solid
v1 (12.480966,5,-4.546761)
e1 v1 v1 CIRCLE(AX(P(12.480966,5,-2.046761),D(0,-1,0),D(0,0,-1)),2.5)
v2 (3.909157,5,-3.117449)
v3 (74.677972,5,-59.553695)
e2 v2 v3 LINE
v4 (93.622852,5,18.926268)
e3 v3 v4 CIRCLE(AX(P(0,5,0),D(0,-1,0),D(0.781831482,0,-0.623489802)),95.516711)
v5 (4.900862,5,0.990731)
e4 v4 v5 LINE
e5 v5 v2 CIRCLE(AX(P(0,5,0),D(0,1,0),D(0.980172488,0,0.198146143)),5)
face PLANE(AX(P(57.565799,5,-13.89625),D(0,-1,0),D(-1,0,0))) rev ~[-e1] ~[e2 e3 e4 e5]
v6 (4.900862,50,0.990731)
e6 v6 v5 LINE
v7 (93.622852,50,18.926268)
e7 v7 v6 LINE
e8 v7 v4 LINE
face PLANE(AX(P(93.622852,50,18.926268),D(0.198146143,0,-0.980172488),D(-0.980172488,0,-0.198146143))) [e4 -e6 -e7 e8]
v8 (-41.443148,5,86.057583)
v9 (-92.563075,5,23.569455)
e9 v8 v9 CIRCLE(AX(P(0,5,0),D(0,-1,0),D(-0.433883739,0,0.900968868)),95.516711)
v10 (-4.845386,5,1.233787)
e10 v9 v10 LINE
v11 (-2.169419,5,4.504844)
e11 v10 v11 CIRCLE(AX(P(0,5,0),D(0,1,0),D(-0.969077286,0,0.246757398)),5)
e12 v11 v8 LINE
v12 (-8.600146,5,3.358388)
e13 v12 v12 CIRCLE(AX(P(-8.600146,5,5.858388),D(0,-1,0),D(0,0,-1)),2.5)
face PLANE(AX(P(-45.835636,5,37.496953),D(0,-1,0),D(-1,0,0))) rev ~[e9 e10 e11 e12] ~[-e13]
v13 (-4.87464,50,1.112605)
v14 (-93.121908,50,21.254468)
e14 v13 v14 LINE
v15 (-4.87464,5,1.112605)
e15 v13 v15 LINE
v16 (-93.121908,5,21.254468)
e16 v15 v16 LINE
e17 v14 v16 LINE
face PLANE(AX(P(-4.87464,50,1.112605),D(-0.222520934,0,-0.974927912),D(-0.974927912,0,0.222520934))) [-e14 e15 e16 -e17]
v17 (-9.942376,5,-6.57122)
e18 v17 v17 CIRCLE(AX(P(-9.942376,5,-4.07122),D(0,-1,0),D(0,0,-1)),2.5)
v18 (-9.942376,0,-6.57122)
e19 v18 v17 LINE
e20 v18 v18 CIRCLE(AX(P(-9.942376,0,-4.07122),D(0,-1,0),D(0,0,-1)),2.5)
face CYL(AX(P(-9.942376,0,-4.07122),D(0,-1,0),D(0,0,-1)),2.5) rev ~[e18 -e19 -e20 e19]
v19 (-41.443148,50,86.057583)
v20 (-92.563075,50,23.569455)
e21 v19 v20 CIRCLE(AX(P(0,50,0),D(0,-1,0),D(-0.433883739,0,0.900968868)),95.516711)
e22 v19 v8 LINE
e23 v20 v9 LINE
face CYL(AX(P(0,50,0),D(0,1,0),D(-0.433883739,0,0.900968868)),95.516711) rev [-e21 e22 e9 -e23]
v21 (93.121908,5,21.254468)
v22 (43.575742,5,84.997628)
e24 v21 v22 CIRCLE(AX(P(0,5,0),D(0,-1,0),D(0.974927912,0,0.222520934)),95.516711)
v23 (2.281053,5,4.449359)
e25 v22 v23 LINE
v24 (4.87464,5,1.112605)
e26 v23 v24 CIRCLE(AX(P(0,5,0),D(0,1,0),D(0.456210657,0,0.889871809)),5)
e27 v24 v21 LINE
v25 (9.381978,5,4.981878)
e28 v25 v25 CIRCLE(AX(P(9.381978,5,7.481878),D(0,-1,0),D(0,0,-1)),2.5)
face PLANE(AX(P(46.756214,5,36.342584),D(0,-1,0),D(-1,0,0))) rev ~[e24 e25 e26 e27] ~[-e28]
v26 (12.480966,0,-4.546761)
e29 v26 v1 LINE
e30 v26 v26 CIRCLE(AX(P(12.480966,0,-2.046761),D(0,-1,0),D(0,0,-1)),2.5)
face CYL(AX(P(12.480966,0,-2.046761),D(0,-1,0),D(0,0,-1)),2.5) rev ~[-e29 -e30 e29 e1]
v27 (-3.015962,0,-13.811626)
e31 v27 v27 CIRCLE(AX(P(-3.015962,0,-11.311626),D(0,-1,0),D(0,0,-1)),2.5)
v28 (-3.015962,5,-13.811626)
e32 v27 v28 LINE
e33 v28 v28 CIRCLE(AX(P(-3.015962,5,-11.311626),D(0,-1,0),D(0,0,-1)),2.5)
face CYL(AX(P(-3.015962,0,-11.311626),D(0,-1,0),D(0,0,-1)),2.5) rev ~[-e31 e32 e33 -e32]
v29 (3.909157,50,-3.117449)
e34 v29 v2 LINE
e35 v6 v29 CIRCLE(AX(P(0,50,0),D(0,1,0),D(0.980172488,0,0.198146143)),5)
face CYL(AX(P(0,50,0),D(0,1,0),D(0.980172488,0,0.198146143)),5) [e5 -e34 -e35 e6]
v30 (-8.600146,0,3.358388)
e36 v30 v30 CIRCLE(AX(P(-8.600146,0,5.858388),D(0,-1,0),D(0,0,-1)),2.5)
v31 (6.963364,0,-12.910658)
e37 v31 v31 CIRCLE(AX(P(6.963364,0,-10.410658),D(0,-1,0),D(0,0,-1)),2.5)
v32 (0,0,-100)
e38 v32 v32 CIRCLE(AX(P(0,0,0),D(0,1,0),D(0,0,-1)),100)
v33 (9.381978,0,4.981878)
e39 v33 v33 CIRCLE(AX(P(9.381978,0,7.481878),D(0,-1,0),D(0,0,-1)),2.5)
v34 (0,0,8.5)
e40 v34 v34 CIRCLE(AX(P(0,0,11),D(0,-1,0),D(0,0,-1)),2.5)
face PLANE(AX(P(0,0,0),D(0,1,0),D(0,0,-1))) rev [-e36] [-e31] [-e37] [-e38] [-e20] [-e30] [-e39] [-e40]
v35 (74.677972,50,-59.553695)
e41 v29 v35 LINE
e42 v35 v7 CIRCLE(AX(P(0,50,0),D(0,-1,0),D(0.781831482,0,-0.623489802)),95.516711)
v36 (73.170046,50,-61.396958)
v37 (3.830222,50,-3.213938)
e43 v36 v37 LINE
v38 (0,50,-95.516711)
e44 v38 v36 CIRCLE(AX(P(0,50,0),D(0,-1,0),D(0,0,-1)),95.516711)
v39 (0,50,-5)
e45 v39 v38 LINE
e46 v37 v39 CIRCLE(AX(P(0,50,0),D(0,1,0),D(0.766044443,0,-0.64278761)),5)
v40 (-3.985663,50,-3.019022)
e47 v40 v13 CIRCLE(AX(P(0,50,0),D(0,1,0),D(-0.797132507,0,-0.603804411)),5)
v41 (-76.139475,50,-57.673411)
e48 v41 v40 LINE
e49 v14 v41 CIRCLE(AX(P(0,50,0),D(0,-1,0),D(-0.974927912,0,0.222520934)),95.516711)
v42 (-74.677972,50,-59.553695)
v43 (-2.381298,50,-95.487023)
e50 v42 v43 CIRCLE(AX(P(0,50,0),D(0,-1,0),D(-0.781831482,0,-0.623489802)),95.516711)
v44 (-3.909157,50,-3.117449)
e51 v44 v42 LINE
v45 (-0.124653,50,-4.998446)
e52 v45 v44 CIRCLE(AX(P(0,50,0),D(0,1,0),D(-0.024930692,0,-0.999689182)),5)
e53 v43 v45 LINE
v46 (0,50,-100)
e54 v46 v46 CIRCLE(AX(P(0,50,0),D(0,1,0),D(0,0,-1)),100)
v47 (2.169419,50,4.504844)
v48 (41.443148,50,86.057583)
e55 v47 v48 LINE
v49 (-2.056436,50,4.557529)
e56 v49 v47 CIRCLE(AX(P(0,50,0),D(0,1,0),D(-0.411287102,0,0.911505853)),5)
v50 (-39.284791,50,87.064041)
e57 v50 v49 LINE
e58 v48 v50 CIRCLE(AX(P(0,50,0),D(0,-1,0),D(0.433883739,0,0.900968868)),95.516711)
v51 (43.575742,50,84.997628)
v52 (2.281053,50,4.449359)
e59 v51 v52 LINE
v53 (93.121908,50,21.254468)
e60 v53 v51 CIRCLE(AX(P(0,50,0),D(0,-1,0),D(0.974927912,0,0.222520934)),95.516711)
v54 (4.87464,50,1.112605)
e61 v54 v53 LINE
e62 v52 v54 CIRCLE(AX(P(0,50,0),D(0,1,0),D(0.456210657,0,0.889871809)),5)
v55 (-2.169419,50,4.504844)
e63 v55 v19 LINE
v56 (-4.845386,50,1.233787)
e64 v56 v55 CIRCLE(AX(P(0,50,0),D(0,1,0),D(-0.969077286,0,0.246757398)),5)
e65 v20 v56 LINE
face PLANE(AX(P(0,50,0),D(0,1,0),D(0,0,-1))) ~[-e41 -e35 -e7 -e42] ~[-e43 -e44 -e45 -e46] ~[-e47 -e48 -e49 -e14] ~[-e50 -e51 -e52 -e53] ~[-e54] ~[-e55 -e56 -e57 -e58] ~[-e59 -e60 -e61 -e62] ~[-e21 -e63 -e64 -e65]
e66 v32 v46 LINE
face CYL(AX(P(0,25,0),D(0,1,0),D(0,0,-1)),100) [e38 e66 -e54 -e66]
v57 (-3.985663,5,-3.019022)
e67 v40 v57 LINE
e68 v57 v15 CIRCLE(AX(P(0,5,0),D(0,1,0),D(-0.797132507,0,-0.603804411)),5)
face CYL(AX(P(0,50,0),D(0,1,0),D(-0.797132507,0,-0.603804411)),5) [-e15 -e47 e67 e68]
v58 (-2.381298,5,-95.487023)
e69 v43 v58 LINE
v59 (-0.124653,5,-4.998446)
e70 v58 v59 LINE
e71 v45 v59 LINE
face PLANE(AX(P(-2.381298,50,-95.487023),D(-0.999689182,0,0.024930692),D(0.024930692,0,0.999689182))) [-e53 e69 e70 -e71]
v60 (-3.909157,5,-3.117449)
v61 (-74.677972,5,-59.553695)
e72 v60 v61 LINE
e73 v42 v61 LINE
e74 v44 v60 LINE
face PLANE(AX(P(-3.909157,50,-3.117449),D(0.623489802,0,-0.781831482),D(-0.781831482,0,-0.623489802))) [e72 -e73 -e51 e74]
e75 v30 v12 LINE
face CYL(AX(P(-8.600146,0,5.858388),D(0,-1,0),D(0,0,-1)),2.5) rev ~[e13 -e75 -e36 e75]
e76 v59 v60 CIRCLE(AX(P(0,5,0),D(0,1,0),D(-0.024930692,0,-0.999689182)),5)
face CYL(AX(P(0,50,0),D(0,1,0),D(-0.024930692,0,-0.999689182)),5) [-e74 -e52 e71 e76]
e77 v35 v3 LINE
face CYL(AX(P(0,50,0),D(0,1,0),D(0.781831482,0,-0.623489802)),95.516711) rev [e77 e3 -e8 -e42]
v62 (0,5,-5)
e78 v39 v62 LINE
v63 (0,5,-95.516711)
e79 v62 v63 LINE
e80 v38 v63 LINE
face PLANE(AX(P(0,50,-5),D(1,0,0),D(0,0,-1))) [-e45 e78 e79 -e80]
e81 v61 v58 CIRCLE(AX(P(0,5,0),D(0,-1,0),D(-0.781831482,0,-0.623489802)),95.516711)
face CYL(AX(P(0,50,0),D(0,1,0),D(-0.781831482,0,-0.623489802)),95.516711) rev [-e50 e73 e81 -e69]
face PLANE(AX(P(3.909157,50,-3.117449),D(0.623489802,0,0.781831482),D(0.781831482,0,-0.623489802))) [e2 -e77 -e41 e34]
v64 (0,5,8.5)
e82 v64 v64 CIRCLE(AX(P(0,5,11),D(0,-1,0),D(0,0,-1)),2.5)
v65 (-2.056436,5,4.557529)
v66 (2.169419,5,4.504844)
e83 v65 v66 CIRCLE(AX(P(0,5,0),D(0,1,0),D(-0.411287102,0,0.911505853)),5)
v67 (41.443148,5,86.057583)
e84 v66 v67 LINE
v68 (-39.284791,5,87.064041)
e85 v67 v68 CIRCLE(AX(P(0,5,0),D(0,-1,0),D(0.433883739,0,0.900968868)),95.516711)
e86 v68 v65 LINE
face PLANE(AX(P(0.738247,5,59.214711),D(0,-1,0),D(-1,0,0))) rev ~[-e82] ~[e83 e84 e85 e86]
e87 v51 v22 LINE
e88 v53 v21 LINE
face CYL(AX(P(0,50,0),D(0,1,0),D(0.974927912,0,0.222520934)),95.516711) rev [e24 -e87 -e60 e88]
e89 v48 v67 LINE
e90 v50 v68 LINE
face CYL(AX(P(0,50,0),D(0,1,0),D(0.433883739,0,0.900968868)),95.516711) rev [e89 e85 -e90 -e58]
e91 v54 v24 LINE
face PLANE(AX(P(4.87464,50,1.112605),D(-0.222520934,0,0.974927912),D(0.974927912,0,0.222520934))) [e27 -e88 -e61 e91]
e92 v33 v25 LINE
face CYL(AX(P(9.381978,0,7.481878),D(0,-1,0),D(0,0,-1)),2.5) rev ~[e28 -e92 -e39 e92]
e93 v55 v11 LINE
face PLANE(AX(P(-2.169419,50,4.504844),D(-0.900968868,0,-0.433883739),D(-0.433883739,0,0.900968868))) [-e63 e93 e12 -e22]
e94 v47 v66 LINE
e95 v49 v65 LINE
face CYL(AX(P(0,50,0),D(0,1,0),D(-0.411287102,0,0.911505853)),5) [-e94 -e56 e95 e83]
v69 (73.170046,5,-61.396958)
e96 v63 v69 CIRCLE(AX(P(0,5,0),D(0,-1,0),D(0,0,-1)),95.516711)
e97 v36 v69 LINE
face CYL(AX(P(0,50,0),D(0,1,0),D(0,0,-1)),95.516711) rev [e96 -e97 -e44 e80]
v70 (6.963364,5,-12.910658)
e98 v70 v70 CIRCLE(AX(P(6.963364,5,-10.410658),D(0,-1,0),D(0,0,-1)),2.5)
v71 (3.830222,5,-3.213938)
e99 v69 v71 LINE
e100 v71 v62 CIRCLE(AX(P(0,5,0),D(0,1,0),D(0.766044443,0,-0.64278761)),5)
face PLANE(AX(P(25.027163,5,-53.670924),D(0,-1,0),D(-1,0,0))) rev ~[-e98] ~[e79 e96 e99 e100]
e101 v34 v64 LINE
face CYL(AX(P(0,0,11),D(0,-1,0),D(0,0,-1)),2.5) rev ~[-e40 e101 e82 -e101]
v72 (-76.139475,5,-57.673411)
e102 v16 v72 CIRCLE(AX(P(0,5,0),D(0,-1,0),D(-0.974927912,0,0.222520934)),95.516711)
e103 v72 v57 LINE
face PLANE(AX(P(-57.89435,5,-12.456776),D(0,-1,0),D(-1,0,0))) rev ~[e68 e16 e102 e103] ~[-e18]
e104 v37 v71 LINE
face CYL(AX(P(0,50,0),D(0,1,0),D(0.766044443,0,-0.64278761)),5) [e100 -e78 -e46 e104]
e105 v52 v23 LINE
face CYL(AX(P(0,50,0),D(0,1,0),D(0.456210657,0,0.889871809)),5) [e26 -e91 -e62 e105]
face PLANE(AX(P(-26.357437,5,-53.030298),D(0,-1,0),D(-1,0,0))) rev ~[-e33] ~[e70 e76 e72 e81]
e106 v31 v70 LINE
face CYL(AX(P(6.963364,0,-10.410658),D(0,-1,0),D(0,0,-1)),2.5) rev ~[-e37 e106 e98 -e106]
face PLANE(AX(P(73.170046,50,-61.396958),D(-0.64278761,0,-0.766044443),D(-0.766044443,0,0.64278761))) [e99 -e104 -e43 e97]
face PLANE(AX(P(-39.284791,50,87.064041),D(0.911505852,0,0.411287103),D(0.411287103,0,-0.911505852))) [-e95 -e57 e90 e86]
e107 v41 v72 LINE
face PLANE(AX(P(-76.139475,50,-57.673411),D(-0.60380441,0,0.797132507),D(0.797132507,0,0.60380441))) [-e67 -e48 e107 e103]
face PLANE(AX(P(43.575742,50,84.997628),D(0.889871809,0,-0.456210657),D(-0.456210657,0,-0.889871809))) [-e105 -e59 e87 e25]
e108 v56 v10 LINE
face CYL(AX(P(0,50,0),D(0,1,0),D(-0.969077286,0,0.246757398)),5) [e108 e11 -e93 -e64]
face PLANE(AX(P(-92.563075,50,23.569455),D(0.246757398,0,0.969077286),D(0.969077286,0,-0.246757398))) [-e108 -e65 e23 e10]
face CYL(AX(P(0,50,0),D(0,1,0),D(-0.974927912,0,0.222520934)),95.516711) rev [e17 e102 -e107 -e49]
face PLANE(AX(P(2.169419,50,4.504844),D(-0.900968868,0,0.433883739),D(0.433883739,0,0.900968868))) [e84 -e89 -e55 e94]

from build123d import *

# Parameters (mm, degrees)
SKETCH1_W          = 100
SKETCH1_H          = 50
CUT_EXTRUDE4_DEPTH = 45
SKETCH3_R          = 2.5
CUT_EXTRUDE5_DEPTH = 10


with BuildPart() as part:
    # Sketch1 → Revolve1 (revolve)
    with BuildSketch(Plane.XY, mode=Mode.PRIVATE) as revolve1_sk:
        with Locations((50, 25)):
            Rectangle(SKETCH1_W, SKETCH1_H)
    revolve(revolve1_sk.sketch.rotate(Axis((0, 0, 0), (0, 1, 0)), 90), axis=Axis((0, 0, 0), (0, 1, 0)))

    # Sketch2 → Cut-Extrude4 (cut)
    with BuildSketch(Plane(origin=(0, 50, 0), x_dir=(1, 0, 0), z_dir=(0, 1, 0))):
        with BuildLine():
            Line((0, 5), (0, 95.51671112))
            ThreePointArc((0, 95.51671112), (40.367106421, 86.56753908), (73.170045778, 61.396958426))
            Line((73.170045778, 61.396958426), (3.830222216, 3.213938048))
            ThreePointArc((3.830222216, 3.213938048), (2.113091309, 4.531538935), (0, 5))
        make_face()
        with BuildLine():
            Line((3.909157412, 3.117449009), (74.677971855, 59.55369529))
            ThreePointArc((74.677971855, 59.55369529), (92.849706596, 22.413703133), (93.62285237, -18.92626792))
            Line((93.62285237, -18.92626792), (4.900862439, -0.990730716))
            ThreePointArc((4.900862439, -0.990730716), (4.860390685, 1.173287002), (3.909157412, 3.117449009))
        make_face()
        with BuildLine():
            Line((4.874639561, -1.11260467), (93.121907751, -21.254467767))
            ThreePointArc((93.121907751, -21.254467767), (75.414583916, -58.61810843), (43.575741568, -84.997628496))
            Line((43.575741568, -84.997628496), (2.281053287, -4.449359044))
            ThreePointArc((2.281053287, -4.449359044), (3.947716742, -3.068473974), (4.874639561, -1.11260467))
        make_face()
        with BuildLine():
            Line((2.169418696, -4.50484434), (41.443147769, -86.057583084))
            ThreePointArc((41.443147769, -86.057583084), (1.19074137, -95.509288753), (-39.284791417, -87.064041179))
            Line((-39.284791417, -87.064041179), (-2.056435516, -4.557529262))
            ThreePointArc((-2.056435516, -4.557529262), (0.062331573, -4.999611462), (2.169418696, -4.50484434))
        make_face()
        with BuildLine():
            Line((-2.169418696, -4.50484434), (-41.443147769, -86.057583084))
            ThreePointArc((-41.443147769, -86.057583084), (-73.929753715, -60.480026611), (-92.563075202, -23.569455072))
            Line((-92.563075202, -23.569455072), (-4.845386431, -1.233786988))
            ThreePointArc((-4.845386431, -1.233786988), (-3.869990541, -3.165939546), (-2.169418696, -4.50484434))
        make_face()
        with BuildLine():
            Line((-4.874639561, -1.11260467), (-93.121907751, -21.254467767))
            ThreePointArc((-93.121907751, -21.254467767), (-93.37963636, 20.091929137), (-76.139475417, 57.673411434))
            Line((-76.139475417, 57.673411434), (-3.985662536, 3.019022052))
            ThreePointArc((-3.985662536, 3.019022052), (-4.888130845, 1.051749422), (-4.874639561, -1.11260467))
        make_face()
        with BuildLine():
            Line((-3.909157412, 3.117449009), (-74.677971855, 59.55369529))
            ThreePointArc((-74.677971855, 59.55369529), (-42.512748229, 85.534252444), (-2.381297681, 95.487022807))
            Line((-2.381297681, 95.487022807), (-0.124653459, 4.99844591))
            ThreePointArc((-0.124653459, 4.99844591), (-2.225408922, 4.477449623), (-3.909157412, 3.117449009))
        make_face()
    extrude(amount=-CUT_EXTRUDE4_DEPTH, mode=Mode.SUBTRACT)

    # Sketch3 → Cut-Extrude5 (cut)
    with BuildSketch(Plane.XZ):
        with Locations(Location((0, 11, 0), (0, 0, 270))):
            Circle(SKETCH3_R)
        with Locations(Location((9.38197779, 7.481877622, 0), (0, 0, 270))):
            Circle(SKETCH3_R)
        with Locations(Location((12.480966429, -2.046761406, 0), (0, 0, 270))):
            Circle(SKETCH3_R)
        with Locations(Location((6.963364264, -10.410657547, 0), (0, 0, 270))):
            Circle(SKETCH3_R)
        with Locations(Location((-3.015961736, -11.311626415, 0), (0, 0, 270))):
            Circle(SKETCH3_R)
        with Locations(Location((-9.942375552, -4.071220075, 0), (0, 0, 270))):
            Circle(SKETCH3_R)
        with Locations(Location((-8.600146307, 5.85838782, 0), (0, 0, 270))):
            Circle(SKETCH3_R)
    extrude(amount=-CUT_EXTRUDE5_DEPTH, mode=Mode.SUBTRACT)


solid = part.part
